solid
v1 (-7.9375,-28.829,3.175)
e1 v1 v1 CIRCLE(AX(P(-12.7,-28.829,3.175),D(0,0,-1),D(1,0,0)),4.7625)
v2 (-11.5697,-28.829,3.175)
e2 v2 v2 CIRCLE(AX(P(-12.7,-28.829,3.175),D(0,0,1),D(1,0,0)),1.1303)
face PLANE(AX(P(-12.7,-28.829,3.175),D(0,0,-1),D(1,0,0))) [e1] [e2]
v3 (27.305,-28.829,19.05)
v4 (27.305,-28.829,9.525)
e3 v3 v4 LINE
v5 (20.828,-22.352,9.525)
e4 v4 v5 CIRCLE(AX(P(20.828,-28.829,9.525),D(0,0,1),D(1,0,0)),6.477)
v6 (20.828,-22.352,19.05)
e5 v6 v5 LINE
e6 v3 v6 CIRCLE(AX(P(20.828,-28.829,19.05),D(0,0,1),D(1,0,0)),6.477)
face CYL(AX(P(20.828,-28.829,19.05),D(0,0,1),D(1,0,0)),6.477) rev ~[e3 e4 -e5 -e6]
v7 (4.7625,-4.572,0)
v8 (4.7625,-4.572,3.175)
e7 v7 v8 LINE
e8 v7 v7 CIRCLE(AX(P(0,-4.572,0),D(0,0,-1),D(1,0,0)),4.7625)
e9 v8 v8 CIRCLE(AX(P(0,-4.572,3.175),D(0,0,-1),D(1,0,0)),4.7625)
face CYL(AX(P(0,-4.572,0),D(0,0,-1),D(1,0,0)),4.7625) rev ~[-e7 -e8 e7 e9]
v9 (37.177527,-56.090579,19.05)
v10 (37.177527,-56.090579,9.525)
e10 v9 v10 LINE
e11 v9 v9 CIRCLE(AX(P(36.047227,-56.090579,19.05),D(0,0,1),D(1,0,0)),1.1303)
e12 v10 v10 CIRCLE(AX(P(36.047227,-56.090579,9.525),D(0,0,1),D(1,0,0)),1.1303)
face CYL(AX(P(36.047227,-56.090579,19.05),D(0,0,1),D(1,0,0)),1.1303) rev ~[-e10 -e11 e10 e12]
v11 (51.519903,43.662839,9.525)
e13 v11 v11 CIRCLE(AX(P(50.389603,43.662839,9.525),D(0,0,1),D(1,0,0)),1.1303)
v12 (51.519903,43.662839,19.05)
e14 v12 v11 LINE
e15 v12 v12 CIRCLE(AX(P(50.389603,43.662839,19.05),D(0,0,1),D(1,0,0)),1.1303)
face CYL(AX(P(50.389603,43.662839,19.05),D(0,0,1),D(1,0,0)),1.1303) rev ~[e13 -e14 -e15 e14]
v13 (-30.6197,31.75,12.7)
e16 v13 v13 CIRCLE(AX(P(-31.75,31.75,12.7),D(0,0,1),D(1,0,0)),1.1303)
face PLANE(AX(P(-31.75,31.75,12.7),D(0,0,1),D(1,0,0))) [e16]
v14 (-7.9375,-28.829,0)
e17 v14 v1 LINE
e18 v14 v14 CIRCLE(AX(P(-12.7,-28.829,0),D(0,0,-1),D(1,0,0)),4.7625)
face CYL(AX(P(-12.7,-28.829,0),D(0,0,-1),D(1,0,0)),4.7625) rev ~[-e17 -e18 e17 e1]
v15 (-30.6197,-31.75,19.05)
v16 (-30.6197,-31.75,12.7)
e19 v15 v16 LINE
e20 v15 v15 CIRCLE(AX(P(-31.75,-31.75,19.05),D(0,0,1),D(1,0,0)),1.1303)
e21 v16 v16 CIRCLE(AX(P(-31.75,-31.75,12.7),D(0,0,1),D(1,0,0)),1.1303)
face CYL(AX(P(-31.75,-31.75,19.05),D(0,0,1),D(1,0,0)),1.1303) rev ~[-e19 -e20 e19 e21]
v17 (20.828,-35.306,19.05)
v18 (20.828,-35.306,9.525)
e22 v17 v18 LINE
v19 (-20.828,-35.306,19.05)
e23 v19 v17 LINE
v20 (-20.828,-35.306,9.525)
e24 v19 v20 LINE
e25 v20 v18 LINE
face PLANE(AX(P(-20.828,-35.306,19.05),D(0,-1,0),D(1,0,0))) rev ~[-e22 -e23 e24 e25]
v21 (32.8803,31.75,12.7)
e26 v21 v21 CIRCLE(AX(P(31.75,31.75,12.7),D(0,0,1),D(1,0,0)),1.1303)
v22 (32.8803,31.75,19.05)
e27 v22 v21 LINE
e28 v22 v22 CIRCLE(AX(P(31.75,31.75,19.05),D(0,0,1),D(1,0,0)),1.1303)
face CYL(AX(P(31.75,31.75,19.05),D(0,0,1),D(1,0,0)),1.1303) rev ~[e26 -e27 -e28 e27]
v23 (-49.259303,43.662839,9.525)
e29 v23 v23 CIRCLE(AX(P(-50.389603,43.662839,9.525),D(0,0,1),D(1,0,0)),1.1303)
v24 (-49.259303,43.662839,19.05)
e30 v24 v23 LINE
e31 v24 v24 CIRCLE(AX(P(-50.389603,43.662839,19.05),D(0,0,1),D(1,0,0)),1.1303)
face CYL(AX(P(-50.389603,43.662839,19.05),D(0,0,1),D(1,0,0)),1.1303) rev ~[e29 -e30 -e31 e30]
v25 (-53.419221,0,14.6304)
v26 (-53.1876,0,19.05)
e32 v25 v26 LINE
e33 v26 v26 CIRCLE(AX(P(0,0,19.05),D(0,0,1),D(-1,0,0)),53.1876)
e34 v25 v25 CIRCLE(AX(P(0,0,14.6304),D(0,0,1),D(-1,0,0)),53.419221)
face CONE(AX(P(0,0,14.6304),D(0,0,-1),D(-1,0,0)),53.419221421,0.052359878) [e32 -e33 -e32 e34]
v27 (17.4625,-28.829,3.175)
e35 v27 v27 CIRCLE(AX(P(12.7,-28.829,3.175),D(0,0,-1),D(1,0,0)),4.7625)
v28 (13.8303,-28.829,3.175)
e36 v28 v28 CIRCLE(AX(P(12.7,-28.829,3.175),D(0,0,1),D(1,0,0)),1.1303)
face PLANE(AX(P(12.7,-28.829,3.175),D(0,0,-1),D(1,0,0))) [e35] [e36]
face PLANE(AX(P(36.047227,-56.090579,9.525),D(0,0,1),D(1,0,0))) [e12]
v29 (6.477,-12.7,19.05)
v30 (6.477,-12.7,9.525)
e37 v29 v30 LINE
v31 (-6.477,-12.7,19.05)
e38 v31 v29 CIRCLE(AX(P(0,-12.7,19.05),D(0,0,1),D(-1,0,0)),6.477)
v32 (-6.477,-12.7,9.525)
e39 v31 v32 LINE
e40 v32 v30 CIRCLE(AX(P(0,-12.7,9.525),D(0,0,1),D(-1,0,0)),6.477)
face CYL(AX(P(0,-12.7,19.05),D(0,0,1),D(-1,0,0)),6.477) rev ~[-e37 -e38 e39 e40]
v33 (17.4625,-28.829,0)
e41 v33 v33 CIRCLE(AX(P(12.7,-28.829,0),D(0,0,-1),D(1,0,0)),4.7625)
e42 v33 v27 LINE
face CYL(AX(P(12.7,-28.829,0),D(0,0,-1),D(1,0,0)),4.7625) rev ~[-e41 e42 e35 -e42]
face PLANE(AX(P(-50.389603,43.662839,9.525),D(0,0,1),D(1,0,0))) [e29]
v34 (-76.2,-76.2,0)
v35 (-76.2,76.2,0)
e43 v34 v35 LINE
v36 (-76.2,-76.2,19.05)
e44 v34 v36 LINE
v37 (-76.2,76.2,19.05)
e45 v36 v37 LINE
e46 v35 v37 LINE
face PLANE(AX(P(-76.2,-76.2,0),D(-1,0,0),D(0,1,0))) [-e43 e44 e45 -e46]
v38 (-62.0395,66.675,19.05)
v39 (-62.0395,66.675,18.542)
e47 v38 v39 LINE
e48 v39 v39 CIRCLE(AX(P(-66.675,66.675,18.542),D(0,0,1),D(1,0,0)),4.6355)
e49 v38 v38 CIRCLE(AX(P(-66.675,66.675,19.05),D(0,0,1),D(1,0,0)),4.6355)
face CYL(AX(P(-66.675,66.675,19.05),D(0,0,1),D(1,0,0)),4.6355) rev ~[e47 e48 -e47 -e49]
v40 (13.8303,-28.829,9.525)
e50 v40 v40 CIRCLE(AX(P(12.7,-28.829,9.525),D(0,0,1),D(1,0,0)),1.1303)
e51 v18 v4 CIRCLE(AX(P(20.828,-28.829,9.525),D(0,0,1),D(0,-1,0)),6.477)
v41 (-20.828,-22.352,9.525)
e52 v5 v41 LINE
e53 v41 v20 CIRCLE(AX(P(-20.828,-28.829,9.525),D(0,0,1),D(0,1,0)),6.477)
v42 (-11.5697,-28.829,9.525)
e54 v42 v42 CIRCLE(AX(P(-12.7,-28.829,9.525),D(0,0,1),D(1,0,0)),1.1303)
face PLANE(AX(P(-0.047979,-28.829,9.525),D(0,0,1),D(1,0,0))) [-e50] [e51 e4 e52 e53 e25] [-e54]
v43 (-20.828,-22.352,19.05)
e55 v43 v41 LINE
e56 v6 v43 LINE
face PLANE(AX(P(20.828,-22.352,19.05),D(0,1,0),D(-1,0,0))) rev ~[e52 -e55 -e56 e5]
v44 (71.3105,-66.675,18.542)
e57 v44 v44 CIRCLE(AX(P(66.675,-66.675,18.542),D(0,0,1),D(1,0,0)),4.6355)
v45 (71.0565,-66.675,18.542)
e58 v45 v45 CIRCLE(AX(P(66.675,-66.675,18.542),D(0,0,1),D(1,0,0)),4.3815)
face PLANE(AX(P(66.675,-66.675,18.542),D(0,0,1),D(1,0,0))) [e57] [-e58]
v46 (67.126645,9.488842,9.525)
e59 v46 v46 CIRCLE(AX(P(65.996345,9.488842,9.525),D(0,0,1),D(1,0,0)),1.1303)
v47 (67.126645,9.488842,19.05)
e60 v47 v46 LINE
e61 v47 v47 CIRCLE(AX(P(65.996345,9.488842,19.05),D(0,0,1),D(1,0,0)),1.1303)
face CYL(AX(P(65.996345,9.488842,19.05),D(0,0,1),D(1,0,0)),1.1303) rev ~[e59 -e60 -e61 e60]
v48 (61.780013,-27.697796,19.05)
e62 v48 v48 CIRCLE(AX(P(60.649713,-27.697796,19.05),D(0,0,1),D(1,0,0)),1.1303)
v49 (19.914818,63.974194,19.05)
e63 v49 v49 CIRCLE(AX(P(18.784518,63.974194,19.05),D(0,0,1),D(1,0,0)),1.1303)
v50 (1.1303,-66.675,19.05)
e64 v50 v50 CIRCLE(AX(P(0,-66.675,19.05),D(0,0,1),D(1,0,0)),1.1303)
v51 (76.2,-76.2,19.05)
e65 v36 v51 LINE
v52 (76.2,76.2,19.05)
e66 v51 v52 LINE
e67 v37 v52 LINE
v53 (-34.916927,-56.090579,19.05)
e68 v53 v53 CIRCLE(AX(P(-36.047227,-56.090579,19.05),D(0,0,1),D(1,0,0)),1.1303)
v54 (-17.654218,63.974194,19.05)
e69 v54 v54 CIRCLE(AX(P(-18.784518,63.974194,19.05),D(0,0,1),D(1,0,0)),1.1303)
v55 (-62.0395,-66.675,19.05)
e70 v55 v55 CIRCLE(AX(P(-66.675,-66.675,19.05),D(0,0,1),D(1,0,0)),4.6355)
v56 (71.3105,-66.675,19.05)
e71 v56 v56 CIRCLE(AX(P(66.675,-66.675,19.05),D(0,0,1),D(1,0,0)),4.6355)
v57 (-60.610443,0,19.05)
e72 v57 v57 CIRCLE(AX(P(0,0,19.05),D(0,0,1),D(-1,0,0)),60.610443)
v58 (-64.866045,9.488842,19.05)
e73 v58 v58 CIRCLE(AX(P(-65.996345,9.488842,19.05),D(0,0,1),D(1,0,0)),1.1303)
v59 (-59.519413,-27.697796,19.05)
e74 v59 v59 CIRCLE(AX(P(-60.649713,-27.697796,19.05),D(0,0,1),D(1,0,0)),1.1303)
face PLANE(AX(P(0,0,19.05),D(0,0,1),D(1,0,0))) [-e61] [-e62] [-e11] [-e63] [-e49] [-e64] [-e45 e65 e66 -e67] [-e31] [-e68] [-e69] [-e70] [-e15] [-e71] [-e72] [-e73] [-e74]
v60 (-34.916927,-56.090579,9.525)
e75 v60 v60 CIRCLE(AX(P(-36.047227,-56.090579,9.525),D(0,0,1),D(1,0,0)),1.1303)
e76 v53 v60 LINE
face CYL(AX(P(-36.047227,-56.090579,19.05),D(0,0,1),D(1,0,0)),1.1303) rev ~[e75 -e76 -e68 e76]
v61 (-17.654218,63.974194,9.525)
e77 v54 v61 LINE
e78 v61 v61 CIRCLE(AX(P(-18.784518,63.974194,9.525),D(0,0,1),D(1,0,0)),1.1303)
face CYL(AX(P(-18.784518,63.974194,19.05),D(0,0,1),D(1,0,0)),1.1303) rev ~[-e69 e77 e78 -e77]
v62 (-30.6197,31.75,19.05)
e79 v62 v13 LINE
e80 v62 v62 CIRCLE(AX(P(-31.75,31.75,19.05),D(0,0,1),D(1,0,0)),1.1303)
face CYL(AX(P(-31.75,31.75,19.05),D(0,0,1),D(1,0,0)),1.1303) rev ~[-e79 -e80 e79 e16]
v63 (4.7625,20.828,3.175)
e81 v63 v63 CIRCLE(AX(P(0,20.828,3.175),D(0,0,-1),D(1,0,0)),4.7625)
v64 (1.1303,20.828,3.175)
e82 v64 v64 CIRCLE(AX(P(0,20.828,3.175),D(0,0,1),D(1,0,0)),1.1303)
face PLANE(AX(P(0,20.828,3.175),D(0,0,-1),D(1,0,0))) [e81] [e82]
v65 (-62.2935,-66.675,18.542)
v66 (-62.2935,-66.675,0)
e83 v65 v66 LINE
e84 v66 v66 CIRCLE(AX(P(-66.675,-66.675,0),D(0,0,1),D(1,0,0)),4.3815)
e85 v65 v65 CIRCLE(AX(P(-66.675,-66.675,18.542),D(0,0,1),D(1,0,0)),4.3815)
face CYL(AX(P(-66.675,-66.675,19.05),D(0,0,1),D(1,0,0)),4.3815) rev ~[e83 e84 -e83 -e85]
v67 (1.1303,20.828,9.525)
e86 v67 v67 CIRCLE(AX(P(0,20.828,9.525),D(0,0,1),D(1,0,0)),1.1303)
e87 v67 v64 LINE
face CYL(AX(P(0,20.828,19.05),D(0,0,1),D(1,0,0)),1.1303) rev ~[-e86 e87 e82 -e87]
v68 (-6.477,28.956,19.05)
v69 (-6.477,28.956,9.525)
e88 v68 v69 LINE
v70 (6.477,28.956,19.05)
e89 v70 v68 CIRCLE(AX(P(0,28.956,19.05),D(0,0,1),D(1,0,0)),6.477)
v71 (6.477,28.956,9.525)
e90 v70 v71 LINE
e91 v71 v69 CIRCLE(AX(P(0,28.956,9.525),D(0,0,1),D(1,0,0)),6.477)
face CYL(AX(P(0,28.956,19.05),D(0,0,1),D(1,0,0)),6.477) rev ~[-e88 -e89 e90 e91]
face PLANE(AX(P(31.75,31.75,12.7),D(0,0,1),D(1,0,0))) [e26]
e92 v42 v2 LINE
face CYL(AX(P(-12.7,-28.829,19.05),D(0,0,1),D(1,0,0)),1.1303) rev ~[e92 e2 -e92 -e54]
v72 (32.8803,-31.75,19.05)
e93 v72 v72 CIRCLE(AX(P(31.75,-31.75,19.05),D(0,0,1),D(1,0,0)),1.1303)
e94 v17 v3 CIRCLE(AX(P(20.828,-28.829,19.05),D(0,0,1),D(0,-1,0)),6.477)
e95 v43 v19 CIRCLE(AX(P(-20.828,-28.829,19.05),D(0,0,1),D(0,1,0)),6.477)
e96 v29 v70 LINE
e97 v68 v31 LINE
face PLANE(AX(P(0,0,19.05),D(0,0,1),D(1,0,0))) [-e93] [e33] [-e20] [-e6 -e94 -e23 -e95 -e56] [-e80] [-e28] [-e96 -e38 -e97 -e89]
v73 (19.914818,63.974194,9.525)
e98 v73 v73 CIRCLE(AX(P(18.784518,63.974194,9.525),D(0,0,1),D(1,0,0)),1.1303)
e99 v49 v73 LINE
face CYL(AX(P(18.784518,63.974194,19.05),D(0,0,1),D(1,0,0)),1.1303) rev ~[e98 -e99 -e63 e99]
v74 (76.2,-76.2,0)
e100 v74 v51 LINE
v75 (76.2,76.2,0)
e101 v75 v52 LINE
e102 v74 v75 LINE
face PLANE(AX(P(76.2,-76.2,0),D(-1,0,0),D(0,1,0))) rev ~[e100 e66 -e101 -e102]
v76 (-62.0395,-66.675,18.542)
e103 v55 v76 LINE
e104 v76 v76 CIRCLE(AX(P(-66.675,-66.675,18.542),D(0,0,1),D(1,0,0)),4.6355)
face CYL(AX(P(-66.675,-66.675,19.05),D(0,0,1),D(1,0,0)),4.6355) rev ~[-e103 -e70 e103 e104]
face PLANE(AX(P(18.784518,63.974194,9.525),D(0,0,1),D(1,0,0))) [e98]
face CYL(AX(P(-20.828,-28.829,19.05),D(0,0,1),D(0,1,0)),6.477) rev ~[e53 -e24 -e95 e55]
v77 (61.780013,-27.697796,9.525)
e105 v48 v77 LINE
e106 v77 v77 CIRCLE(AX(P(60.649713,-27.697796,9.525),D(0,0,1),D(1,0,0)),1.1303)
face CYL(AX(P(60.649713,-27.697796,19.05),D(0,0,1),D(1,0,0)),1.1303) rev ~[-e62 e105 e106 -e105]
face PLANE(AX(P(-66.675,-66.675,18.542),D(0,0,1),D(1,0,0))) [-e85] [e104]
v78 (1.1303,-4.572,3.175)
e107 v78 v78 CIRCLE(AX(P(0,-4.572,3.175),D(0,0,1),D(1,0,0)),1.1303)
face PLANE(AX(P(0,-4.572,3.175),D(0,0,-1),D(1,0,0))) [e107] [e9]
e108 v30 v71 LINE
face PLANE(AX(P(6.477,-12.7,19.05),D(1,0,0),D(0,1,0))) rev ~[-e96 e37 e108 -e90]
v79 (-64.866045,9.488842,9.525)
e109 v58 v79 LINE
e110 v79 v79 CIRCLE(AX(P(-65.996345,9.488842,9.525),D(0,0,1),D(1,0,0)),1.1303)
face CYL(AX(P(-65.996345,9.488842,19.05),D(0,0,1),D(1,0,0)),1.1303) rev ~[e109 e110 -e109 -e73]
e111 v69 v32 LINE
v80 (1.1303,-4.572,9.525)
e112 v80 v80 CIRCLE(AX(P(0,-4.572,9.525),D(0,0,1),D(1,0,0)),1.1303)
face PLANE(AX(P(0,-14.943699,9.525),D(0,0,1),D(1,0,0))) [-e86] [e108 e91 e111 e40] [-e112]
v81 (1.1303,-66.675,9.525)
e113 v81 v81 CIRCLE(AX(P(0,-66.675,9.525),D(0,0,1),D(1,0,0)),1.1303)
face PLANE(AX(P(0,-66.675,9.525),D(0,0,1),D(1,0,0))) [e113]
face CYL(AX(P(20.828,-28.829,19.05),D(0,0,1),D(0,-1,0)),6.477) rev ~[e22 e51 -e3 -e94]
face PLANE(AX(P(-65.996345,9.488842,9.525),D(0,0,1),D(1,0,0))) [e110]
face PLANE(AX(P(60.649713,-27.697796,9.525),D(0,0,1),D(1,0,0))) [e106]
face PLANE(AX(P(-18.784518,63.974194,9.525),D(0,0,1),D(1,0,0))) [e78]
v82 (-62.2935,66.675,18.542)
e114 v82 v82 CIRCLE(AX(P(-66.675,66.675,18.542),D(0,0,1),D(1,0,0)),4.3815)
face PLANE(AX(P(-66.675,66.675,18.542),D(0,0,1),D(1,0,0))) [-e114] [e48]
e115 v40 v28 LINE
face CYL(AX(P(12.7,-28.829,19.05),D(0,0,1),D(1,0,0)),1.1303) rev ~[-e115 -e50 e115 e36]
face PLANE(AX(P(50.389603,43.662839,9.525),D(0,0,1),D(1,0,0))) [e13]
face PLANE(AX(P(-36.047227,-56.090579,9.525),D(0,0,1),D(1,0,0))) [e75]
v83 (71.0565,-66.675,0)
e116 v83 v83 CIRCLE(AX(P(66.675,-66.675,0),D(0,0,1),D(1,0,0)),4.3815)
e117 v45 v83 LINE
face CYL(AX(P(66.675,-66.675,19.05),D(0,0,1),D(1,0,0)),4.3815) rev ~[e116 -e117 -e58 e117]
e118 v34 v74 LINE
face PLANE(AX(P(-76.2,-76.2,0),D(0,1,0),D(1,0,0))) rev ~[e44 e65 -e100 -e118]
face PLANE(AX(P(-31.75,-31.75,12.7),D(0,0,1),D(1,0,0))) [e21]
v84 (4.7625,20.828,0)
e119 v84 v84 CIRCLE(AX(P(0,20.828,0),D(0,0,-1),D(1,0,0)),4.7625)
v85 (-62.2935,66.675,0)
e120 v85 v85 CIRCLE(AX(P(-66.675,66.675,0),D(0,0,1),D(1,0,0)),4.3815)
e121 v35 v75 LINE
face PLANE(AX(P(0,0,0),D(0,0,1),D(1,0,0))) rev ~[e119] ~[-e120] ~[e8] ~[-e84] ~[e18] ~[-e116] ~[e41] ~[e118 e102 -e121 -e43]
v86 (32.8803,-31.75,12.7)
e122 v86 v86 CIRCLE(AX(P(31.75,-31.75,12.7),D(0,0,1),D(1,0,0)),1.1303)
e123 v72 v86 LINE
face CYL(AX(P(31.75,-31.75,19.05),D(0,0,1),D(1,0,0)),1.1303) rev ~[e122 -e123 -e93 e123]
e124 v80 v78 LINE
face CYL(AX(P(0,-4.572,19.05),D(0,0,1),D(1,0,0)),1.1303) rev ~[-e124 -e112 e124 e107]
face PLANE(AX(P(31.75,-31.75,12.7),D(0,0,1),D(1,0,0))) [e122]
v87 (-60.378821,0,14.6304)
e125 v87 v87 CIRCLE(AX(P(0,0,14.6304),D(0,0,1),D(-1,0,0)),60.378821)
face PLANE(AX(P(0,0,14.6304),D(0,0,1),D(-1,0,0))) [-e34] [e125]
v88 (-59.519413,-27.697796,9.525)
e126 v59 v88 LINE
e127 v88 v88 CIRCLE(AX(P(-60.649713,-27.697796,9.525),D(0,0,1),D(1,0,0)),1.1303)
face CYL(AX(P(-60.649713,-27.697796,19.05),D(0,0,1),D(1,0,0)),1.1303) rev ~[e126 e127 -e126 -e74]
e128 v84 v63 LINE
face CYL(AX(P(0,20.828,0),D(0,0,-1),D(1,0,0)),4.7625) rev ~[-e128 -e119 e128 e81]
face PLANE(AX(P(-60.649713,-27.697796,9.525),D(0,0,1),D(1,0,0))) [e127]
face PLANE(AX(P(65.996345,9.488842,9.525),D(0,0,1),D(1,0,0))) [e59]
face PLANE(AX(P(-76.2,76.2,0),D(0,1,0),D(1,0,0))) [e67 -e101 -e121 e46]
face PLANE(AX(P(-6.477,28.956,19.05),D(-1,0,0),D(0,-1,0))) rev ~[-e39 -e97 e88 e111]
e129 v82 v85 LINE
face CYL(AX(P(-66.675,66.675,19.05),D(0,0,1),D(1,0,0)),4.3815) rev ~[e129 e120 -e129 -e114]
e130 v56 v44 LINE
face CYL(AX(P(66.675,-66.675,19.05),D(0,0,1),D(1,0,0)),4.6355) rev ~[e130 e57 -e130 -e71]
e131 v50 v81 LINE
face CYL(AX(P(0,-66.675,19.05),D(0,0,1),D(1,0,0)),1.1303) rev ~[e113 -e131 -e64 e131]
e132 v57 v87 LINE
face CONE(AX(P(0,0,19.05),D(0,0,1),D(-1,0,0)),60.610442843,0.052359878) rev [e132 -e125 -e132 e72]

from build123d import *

# Parameters (mm, degrees)
F0_W      = 152.4
F0_H      = 152.4
F1_DEPTH  = 19.05
F2_R      = 4.3815
F3_DEPTH  = 19.05
F4_R      = 4.6355
F5_DEPTH  = 0.508
F6_R      = 1.1303
F8_DEPTH  = 6.35
F9_DEPTH  = 9.525
F10_R     = 1.1303
F11_DEPTH = 19.05
F12_R     = 4.7625
F13_DEPTH = 3.175
F14_R     = 1.1303
F15_DEPTH = 9.525


with BuildPart() as f1:
    # F0 (on Top) → F1 (new body)
    with BuildSketch(Plane.XY):
        Rectangle(F0_W, F0_H)
    extrude(amount=F1_DEPTH)

    # F2 (on face) → F3 (cut, through all)
    with BuildSketch(Plane.XY.offset(19.05)):
        with Locations((-66.675, 66.675)):
            Circle(F2_R)
        with Locations((-66.675, -66.675)):
            Circle(F2_R)
        with Locations((66.675, -66.675)):
            Circle(F2_R)
    extrude(amount=-F3_DEPTH, mode=Mode.SUBTRACT)

    # F4 (on face) → F5 (cut)
    with BuildSketch(Plane.XY.offset(19.05)):
        with Locations((-66.675, 66.675)):
            Circle(F4_R)
        with Locations((-66.675, -66.675)):
            Circle(F4_R)
        with Locations((66.675, -66.675)):
            Circle(F4_R)
    extrude(amount=-F5_DEPTH, mode=Mode.SUBTRACT)

    # F6 (on face) → F8 (cut)
    with BuildSketch(Plane.XY.offset(19.05)):
        with Locations((-31.75, 31.75)):
            Circle(F6_R)
        with Locations((31.75, 31.75)):
            Circle(F6_R)
        with Locations((31.75, -31.75)):
            Circle(F6_R)
        with Locations((-31.75, -31.75)):
            Circle(F6_R)
    extrude(amount=-F8_DEPTH, mode=Mode.SUBTRACT)

    # F7 (on face) → F9 (cut)
    with BuildSketch(Plane.XY.offset(19.05)):
        with BuildLine():
            ThreePointArc((20.828, -35.306), (14.351, -28.829), (20.828, -22.352))
            Line((20.828, -22.352), (-20.828, -22.352))
            ThreePointArc((-20.828, -22.352), (-16.2480693783, -24.2490693783), (-14.351, -28.829))
            ThreePointArc((-14.351, -28.829), (-16.2480693783, -33.4089306217), (-20.828, -35.306))
            Line((-20.828, -35.306), (20.828, -35.306))
        make_face()
        with BuildLine():
            ThreePointArc((27.305, -28.829), (25.4079306217, -24.2490693783), (20.828, -22.352))
            Line((20.828, -22.352), (20.828, -35.306))
            ThreePointArc((20.828, -35.306), (25.4079306217, -33.4089306217), (27.305, -28.829))
        make_face()
        with BuildLine():
            Line((20.828, -35.306), (20.828, -22.352))
            ThreePointArc((20.828, -22.352), (14.351, -28.829), (20.828, -35.306))
        make_face()
        with BuildLine():
            ThreePointArc((-14.351, -28.829), (-16.2480693783, -24.2490693783), (-20.828, -22.352))
            Line((-20.828, -22.352), (-20.828, -35.306))
            ThreePointArc((-20.828, -35.306), (-16.2480693783, -33.4089306217), (-14.351, -28.829))
        make_face()
        with BuildLine():
            Line((-20.828, -35.306), (-20.828, -22.352))
            ThreePointArc((-20.828, -22.352), (-27.305, -28.829), (-20.828, -35.306))
        make_face()
        with BuildLine():
            ThreePointArc((-6.477, -12.7), (0, -19.177), (6.477, -12.7))
            Line((6.477, -12.7), (-6.477, -12.7))
        make_face()
        with BuildLine():
            ThreePointArc((-6.477, -12.7), (0, -6.223), (6.477, -12.7))
            Line((6.477, -12.7), (6.477, 28.956))
            ThreePointArc((6.477, 28.956), (0, 22.479), (-6.477, 28.956))
            Line((-6.477, 28.956), (-6.477, -12.7))
        make_face()
        with BuildLine():
            Line((-6.477, -12.7), (6.477, -12.7))
            ThreePointArc((6.477, -12.7), (0, -6.223), (-6.477, -12.7))
        make_face()
        with BuildLine():
            ThreePointArc((-6.477, 28.956), (0, 22.479), (6.477, 28.956))
            Line((6.477, 28.956), (-6.477, 28.956))
        make_face()
        with BuildLine():
            Line((-6.477, 28.956), (6.477, 28.956))
            ThreePointArc((6.477, 28.956), (0, 35.433), (-6.477, 28.956))
        make_face()
    extrude(amount=-F9_DEPTH, mode=Mode.SUBTRACT)

    # F10 (on face) → F11 (cut, through all)
    with BuildSketch(Plane.XY.offset(19.05)):
        with Locations((0, -4.572)):
            Circle(F10_R)
        with Locations((0, 20.828)):
            Circle(F10_R)
        with Locations((-12.7, -28.829)):
            Circle(F10_R)
        with Locations((12.7, -28.829)):
            Circle(F10_R)
    extrude(amount=-F11_DEPTH, mode=Mode.SUBTRACT)

    # F12 (on face) → F13 (cut)
    with BuildSketch(Plane(origin=(0, 0, 0), x_dir=(1, 0, 0), z_dir=(0, 0, -1))):
        with Locations((-12.7, 28.829)):
            Circle(F12_R)
        with Locations((12.7, 28.829)):
            Circle(F12_R)
        with Locations((0, 4.572)):
            Circle(F12_R)
        with Locations((0, -20.828)):
            Circle(F12_R)
    extrude(amount=-F13_DEPTH, mode=Mode.SUBTRACT)

    # F14 (on face) → F15 (cut)
    with BuildSketch(Plane.XY.offset(19.05)):
        with Locations((0, -66.675)):
            Circle(F14_R)
        with Locations((36.0472265039, -56.0905793015)):
            Circle(F14_R)
        with Locations((60.6497132903, -27.6977959919)):
            Circle(F14_R)
        with Locations((65.9963446374, 9.4888418419)):
            Circle(F14_R)
        with Locations((50.3896028701, 43.6628394358)):
            Circle(F14_R)
        with Locations((18.7845182274, 63.9741940157)):
            Circle(F14_R)
        with Locations((-18.7845182274, 63.9741940157)):
            Circle(F14_R)
        with Locations((-50.3896028701, 43.6628394358)):
            Circle(F14_R)
        with Locations((-65.9963446374, 9.4888418419)):
            Circle(F14_R)
        with Locations((-60.6497132903, -27.6977959919)):
            Circle(F14_R)
        with Locations((-36.0472265039, -56.0905793015)):
            Circle(F14_R)
    extrude(amount=-F15_DEPTH, mode=Mode.SUBTRACT)

    # F17 (on Front) → F18 (revolve, cut)
    with BuildSketch(Plane.XZ):
        Polygon((-53.1876, 19.05), (-60.6104428426, 19.05), (-60.3788214213, 14.6304), (-53.4192214213, 14.6304), align=None)
    revolve(axis=Axis((0, 0, 42.1973057091), (0, 0, 1)), mode=Mode.SUBTRACT)


solid = f1.part
